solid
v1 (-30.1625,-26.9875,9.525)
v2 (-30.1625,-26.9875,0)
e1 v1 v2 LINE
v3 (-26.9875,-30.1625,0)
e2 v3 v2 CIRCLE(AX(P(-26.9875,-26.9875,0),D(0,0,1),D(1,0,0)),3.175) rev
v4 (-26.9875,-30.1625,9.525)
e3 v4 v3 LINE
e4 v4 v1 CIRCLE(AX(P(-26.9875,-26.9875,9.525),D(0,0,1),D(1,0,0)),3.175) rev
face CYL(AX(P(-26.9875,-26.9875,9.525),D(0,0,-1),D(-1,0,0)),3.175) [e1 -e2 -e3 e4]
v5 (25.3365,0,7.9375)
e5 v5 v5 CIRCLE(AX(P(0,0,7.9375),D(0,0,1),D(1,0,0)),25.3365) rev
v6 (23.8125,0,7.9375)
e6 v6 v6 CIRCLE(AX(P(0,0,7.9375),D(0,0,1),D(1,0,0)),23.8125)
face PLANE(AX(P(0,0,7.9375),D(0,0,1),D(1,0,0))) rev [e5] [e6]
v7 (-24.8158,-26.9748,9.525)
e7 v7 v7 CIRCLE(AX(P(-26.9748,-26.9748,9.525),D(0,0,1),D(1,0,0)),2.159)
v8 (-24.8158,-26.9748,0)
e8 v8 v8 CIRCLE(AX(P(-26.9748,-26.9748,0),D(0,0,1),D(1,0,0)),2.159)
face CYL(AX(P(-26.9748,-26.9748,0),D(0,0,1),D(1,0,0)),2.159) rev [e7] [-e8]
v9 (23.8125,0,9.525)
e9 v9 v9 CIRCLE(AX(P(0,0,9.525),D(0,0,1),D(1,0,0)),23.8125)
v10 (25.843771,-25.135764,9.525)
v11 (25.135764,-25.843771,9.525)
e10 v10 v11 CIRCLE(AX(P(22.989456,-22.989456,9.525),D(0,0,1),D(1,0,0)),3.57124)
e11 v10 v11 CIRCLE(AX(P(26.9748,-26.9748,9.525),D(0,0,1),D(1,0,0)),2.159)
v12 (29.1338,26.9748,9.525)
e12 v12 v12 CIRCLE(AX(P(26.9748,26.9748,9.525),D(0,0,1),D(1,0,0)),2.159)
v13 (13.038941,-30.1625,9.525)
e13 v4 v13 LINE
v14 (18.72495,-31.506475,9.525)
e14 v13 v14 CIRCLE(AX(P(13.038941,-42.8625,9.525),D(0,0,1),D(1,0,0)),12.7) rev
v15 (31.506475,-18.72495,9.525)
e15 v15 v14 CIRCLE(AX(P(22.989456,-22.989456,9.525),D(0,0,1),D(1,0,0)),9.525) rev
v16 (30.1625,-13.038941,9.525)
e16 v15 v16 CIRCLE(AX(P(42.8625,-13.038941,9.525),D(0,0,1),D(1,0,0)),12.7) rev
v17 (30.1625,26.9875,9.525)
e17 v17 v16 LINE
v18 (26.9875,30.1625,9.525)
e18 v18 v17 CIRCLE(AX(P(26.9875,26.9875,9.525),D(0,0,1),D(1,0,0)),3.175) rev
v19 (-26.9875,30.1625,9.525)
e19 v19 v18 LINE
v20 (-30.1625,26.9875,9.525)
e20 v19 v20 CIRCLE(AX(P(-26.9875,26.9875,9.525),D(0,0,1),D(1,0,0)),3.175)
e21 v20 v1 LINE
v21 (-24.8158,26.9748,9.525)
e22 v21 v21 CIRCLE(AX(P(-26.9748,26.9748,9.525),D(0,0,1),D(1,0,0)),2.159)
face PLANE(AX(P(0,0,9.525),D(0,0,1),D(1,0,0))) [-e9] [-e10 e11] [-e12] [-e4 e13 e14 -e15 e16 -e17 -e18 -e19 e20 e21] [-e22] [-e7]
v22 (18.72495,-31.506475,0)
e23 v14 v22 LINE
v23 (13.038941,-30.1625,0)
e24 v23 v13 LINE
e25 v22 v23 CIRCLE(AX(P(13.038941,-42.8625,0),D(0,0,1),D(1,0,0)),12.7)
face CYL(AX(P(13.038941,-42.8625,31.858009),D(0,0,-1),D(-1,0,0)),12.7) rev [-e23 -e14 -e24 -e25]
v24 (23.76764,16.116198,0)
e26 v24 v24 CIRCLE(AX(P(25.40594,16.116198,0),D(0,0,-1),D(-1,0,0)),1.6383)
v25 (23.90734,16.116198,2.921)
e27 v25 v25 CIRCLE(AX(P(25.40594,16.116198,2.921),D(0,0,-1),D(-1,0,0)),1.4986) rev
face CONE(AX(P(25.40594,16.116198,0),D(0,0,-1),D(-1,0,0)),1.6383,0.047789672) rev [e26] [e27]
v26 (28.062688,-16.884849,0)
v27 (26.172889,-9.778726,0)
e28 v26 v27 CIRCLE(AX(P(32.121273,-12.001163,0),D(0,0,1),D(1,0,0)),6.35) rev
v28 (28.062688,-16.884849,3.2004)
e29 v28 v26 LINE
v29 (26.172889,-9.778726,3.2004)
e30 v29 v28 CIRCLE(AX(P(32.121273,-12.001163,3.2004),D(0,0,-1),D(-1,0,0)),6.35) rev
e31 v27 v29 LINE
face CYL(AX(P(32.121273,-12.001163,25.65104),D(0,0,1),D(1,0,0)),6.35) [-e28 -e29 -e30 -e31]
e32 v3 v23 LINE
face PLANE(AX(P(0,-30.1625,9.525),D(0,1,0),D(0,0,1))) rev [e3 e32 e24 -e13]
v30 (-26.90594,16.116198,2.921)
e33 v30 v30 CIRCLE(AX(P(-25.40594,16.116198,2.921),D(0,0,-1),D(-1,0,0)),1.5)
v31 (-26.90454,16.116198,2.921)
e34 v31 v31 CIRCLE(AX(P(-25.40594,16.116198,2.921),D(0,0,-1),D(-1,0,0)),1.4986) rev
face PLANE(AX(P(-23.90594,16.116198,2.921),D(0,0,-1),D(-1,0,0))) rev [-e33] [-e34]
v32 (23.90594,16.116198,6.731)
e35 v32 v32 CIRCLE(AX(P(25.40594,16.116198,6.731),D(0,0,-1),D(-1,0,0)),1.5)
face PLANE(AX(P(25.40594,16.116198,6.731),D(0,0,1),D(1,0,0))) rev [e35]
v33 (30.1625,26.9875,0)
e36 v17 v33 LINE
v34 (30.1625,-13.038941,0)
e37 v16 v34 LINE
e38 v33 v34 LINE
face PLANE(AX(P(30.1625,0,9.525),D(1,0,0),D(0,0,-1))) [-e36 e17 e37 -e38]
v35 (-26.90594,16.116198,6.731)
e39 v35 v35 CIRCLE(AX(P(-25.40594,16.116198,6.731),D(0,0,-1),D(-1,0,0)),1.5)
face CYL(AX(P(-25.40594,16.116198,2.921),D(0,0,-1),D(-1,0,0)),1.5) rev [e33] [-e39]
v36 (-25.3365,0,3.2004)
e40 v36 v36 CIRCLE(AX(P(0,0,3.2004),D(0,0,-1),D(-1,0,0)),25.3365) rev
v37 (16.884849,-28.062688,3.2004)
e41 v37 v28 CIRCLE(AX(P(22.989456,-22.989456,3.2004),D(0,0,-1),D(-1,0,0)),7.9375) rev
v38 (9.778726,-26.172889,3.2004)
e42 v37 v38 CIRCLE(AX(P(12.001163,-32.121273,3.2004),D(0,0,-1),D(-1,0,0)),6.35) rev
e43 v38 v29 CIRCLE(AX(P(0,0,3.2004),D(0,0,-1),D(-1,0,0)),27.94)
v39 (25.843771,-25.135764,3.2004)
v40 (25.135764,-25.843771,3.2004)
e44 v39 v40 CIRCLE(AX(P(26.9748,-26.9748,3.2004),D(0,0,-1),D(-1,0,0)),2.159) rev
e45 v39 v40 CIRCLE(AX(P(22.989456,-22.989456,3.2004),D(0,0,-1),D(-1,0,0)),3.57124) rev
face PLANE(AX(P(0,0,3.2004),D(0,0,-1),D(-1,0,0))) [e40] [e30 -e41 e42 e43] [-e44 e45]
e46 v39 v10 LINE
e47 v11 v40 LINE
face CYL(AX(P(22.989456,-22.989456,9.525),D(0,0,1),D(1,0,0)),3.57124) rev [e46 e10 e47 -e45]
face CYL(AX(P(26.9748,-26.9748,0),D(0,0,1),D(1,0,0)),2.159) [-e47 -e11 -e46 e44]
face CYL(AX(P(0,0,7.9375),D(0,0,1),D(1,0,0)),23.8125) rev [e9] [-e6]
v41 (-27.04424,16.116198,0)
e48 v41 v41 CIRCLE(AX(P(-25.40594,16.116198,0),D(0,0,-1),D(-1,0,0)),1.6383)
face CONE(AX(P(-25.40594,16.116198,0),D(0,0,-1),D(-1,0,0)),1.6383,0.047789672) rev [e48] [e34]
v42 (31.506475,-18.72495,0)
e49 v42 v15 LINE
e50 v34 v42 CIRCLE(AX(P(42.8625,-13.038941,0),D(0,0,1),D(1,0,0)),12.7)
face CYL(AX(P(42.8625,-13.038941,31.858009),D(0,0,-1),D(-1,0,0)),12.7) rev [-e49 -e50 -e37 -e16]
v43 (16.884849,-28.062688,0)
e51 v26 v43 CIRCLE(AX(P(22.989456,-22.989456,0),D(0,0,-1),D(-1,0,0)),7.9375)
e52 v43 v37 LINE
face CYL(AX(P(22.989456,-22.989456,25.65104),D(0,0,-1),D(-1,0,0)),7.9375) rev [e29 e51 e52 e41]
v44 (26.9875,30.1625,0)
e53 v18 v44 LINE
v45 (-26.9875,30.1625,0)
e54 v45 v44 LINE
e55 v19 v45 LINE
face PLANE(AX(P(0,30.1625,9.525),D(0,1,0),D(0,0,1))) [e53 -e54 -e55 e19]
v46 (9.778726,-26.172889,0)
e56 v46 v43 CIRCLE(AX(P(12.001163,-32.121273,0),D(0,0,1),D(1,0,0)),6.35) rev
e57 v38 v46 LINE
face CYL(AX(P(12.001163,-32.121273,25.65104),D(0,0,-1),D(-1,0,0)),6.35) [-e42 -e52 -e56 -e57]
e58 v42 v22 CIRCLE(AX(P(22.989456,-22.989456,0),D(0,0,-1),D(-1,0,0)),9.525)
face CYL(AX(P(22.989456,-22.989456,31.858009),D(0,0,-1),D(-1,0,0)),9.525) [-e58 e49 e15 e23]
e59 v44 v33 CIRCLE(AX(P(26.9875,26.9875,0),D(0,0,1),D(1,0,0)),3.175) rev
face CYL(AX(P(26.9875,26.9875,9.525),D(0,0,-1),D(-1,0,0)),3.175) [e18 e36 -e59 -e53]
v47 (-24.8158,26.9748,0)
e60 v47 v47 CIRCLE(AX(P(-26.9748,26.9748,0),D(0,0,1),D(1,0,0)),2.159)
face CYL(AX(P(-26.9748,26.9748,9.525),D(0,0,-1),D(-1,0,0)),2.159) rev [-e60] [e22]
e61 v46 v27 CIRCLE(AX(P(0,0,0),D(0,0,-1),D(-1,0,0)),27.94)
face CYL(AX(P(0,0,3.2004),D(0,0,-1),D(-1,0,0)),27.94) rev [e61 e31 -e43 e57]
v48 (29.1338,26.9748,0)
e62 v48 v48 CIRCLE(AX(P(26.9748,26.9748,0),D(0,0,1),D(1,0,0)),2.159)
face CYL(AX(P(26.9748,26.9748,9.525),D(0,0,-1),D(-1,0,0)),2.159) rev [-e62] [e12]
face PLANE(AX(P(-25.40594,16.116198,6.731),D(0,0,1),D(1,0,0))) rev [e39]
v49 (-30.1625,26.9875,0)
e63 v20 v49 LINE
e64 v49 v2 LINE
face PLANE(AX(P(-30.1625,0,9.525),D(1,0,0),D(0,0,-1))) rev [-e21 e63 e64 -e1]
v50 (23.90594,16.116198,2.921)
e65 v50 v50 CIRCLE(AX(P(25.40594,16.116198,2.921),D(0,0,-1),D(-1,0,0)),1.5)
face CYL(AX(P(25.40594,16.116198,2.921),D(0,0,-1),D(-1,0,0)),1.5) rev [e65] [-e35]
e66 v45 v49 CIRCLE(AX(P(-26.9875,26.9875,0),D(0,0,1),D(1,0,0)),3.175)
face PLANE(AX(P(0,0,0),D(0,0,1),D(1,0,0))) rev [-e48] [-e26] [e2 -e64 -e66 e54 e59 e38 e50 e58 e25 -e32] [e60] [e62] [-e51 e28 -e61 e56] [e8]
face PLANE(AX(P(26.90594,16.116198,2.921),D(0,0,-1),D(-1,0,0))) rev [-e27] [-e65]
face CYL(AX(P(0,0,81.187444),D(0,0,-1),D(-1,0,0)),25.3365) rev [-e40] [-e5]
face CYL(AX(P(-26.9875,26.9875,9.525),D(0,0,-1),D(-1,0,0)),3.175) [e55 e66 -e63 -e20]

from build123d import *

# Parameters (mm, degrees)
SKETCH1_R                = 2.159
SKETCH1_R_2              = 28.5115
BOSS_EXTRUDE1_DEPTH      = 9.525
SKETCH1_4_R              = 28.5115
SKETCH1_4_R_2            = 23.8125
FLUSH_BEZEL_DEPTH        = 9.525
SKETCH1_5_R              = 28.5115
SKETCH1_5_R_2            = 23.8125
BOSS_EXTRUDE4_DEPTH      = 6.35
SKETCH2_R                = 25.3365
CUT_EXTRUDE1_DEPTH       = 7.35
CUT_EXTRUDE1_DEPTH_BACK  = 9.525
SKETCH3_R                = 28.5115
CUT_EXTRUDE2_DEPTH       = 7.35
SKETCH4_R                = 25.3365
SKETCH4_R_2              = 23.8125
BOSS_EXTRUDE7_DEPTH      = 1.5875
M6_CLEARANCE_HOLE1_D     = 7.14248
M6_CLEARANCE_HOLE1_DEPTH = 9.525
SKETCH8_R                = 2.159
BOSS_EXTRUDE8_DEPTH      = 9.525
SKETCH9_R                = 2.159
CUT_EXTRUDE3_DEPTH       = 10.525
SKETCH10_R               = 27.94
CUT_EXTRUDE4_DEPTH       = 3.2004
BOSS_EXTRUDE10_DEPTH     = 9.525
SKETCH12_R               = 7.9375
CUT_EXTRUDE5_DEPTH       = 3.2004
FILLET6_R                = 12.7
FILLET7_R                = 6.35
HOLE1_AT_2_COUNT         = 2
HOLE1_AT_2_PITCH         = 50.811879198
SKETCH18_W               = 1.5
SKETCH18_H               = 3.81
HOLE2_AT_2_COUNT         = 2
HOLE2_AT_2_PITCH         = 50.811879198


with BuildPart() as part:
    # Sketch1 → Boss-Extrude1 (new body)
    with BuildSketch(Plane.XY):
        with BuildLine():
            ThreePointArc((26.9875, -30.1625), (29.23256403, -29.23256403), (30.1625, -26.9875))
            Line((30.1625, -26.9875), (30.1625, 26.9875))
            ThreePointArc((30.1625, 26.9875), (29.23256403, 29.23256403), (26.9875, 30.1625))
            Line((26.9875, 30.1625), (-26.9875, 30.1625))
            ThreePointArc((-26.9875, 30.1625), (-29.23256403, 29.23256403), (-30.1625, 26.9875))
            Line((-30.1625, 26.9875), (-30.1625, -26.9875))
            ThreePointArc((-30.1625, -26.9875), (-29.23256403, -29.23256403), (-26.9875, -30.1625))
            Line((-26.9875, -30.1625), (26.9875, -30.1625))
        make_face()
        with Locations((26.9748, -26.9748)):
            Circle(SKETCH1_R, mode=Mode.SUBTRACT)
        with Locations((-26.9748, 26.9748)):
            Circle(SKETCH1_R, mode=Mode.SUBTRACT)
        Circle(SKETCH1_R_2, mode=Mode.SUBTRACT)
        with Locations((26.9748, 26.9748)):
            Circle(SKETCH1_R, mode=Mode.SUBTRACT)
    extrude(amount=BOSS_EXTRUDE1_DEPTH)

    # Sketch1_4 → Flush Bezel (add)
    with BuildSketch(Plane.XY):
        Circle(SKETCH1_4_R)
        Circle(SKETCH1_4_R_2, mode=Mode.SUBTRACT)
    extrude(amount=FLUSH_BEZEL_DEPTH)

    # Sketch1_5 → Boss-Extrude4 (add)
    with BuildSketch(Plane.XY):
        Circle(SKETCH1_5_R)
        Circle(SKETCH1_5_R_2, mode=Mode.SUBTRACT)
    extrude(amount=-BOSS_EXTRUDE4_DEPTH)

    # Sketch2 → Cut-Extrude1 (cut, two sides)
    with BuildSketch(Plane(origin=(0, 0, 0), x_dir=(-1, 0, 0), z_dir=(0, 0, -1))) as cut_extrude1_sk:
        Circle(SKETCH2_R)
    extrude(amount=CUT_EXTRUDE1_DEPTH, mode=Mode.SUBTRACT)
    extrude(cut_extrude1_sk.sketch, amount=-CUT_EXTRUDE1_DEPTH_BACK, mode=Mode.SUBTRACT)

    # Sketch3 → Cut-Extrude2 (cut, through all)
    with BuildSketch(Plane(origin=(0, 0, 0), x_dir=(-1, 0, 0), z_dir=(0, 0, -1))):
        Circle(SKETCH3_R)
    extrude(amount=CUT_EXTRUDE2_DEPTH, mode=Mode.SUBTRACT)

    # Sketch4 → Boss-Extrude7 (add)
    with BuildSketch(Plane.XY.offset(9.525)):
        Circle(SKETCH4_R)
        Circle(SKETCH4_R_2, mode=Mode.SUBTRACT)
    extrude(amount=-BOSS_EXTRUDE7_DEPTH)

    # M6 Clearance Hole1
    with Locations(Plane.XY.offset(9.525)):
        with Locations((22.98945567, -22.98945567)):
            Hole(M6_CLEARANCE_HOLE1_D / 2, depth=M6_CLEARANCE_HOLE1_DEPTH)

    # Sketch8 → Boss-Extrude8 (add, through all)
    with BuildSketch(Plane.XY.offset(9.525)):
        with Locations((26.9748, -26.9748)):
            Circle(SKETCH8_R)
    extrude(amount=-BOSS_EXTRUDE8_DEPTH)

    # Sketch9 → Cut-Extrude3 (cut, through all)
    with BuildSketch(Plane.XY.offset(9.525)):
        with Locations((-26.9748, -26.9748)):
            Circle(SKETCH9_R)
    extrude(amount=-CUT_EXTRUDE3_DEPTH, mode=Mode.SUBTRACT)

    # Sketch10 → Cut-Extrude4 (cut)
    with BuildSketch(Plane(origin=(0, 0, 0), x_dir=(-1, 0, 0), z_dir=(0, 0, -1))):
        Circle(SKETCH10_R)
    extrude(amount=-CUT_EXTRUDE4_DEPTH, mode=Mode.SUBTRACT)

    # Sketch13 → Boss-Extrude10 (add)
    with BuildSketch(Plane(origin=(0, 0, 0), x_dir=(-1, 0, 0), z_dir=(0, 0, -1))):
        with BuildLine():
            Line((-16.722633506, -30.1625), (-26.9875, -30.1625))
            ThreePointArc((-26.9875, -30.1625), (-29.23256403, -29.23256403), (-30.1625, -26.9875))
            Line((-30.1625, -26.9875), (-30.1625, -16.722633506))
            ThreePointArc((-30.1625, -16.722633506), (-29.724647761, -29.724647761), (-16.722633506, -30.1625))
        make_face()
    extrude(amount=-BOSS_EXTRUDE10_DEPTH)

    # Sketch12 → Cut-Extrude5 (cut)
    with BuildSketch(Plane(origin=(0, 0, 0), x_dir=(-1, 0, 0), z_dir=(0, 0, -1))):
        with Locations((-22.98945567, -22.98945567)):
            Circle(SKETCH12_R)
    extrude(amount=-CUT_EXTRUDE5_DEPTH, mode=Mode.SUBTRACT)

    # Fillet6
    fillet6_edges = [part.edges().sort_by_distance(p)[0] for p in [
        (30.1625, -16.722633506, 4.7625),
        (16.722633506, -30.1625, 4.7625),
    ]]
    fillet(fillet6_edges, radius=FILLET6_R)

    # Fillet7
    fillet7_edges = [part.edges().sort_by_distance(p)[0] for p in [
        (23.527276854, -15.070197206, 1.6002),
        (15.070197206, -23.527276854, 1.6002),
    ]]
    fillet(fillet7_edges, radius=FILLET7_R)

    # Sketch14 → Hole1 (revolve, cut)
    with BuildSketch(Plane(origin=(-25.405939599, 16.116198413, 0), x_dir=(0, 1, 0), z_dir=(1, 0, 0))):
        Polygon((0, 0), (0, 2.921), (1.4986, 2.921), (1.6383, 0), align=None)
    hole1 = revolve(axis=Axis((-25.405939599, 16.116198413, 110), (0, 0, -1)), mode=Mode.SUBTRACT)

    # Hole1 at 2: Hole1 ×2
    with Locations(*[(i * HOLE1_AT_2_PITCH, 0, 0) for i in range(1, HOLE1_AT_2_COUNT)]):
        add(hole1, mode=Mode.SUBTRACT)

    # Sketch18 → Hole2 (revolve, cut)
    with BuildSketch(Plane(origin=(25.405939599, 16.116198413, 2.921), x_dir=(0, 1, 0), z_dir=(1, 0, 0))):
        with Locations((0.75, 1.905)):
            Rectangle(SKETCH18_W, SKETCH18_H)
    hole2 = revolve(axis=Axis((25.405939599, 16.116198413, 112.921), (0, 0, -1)), mode=Mode.SUBTRACT)

    # Hole2 at 2: Hole2 ×2
    with Locations(*[(-i * HOLE2_AT_2_PITCH, 0, 0) for i in range(1, HOLE2_AT_2_COUNT)]):
        add(hole2, mode=Mode.SUBTRACT)


solid = part.part
